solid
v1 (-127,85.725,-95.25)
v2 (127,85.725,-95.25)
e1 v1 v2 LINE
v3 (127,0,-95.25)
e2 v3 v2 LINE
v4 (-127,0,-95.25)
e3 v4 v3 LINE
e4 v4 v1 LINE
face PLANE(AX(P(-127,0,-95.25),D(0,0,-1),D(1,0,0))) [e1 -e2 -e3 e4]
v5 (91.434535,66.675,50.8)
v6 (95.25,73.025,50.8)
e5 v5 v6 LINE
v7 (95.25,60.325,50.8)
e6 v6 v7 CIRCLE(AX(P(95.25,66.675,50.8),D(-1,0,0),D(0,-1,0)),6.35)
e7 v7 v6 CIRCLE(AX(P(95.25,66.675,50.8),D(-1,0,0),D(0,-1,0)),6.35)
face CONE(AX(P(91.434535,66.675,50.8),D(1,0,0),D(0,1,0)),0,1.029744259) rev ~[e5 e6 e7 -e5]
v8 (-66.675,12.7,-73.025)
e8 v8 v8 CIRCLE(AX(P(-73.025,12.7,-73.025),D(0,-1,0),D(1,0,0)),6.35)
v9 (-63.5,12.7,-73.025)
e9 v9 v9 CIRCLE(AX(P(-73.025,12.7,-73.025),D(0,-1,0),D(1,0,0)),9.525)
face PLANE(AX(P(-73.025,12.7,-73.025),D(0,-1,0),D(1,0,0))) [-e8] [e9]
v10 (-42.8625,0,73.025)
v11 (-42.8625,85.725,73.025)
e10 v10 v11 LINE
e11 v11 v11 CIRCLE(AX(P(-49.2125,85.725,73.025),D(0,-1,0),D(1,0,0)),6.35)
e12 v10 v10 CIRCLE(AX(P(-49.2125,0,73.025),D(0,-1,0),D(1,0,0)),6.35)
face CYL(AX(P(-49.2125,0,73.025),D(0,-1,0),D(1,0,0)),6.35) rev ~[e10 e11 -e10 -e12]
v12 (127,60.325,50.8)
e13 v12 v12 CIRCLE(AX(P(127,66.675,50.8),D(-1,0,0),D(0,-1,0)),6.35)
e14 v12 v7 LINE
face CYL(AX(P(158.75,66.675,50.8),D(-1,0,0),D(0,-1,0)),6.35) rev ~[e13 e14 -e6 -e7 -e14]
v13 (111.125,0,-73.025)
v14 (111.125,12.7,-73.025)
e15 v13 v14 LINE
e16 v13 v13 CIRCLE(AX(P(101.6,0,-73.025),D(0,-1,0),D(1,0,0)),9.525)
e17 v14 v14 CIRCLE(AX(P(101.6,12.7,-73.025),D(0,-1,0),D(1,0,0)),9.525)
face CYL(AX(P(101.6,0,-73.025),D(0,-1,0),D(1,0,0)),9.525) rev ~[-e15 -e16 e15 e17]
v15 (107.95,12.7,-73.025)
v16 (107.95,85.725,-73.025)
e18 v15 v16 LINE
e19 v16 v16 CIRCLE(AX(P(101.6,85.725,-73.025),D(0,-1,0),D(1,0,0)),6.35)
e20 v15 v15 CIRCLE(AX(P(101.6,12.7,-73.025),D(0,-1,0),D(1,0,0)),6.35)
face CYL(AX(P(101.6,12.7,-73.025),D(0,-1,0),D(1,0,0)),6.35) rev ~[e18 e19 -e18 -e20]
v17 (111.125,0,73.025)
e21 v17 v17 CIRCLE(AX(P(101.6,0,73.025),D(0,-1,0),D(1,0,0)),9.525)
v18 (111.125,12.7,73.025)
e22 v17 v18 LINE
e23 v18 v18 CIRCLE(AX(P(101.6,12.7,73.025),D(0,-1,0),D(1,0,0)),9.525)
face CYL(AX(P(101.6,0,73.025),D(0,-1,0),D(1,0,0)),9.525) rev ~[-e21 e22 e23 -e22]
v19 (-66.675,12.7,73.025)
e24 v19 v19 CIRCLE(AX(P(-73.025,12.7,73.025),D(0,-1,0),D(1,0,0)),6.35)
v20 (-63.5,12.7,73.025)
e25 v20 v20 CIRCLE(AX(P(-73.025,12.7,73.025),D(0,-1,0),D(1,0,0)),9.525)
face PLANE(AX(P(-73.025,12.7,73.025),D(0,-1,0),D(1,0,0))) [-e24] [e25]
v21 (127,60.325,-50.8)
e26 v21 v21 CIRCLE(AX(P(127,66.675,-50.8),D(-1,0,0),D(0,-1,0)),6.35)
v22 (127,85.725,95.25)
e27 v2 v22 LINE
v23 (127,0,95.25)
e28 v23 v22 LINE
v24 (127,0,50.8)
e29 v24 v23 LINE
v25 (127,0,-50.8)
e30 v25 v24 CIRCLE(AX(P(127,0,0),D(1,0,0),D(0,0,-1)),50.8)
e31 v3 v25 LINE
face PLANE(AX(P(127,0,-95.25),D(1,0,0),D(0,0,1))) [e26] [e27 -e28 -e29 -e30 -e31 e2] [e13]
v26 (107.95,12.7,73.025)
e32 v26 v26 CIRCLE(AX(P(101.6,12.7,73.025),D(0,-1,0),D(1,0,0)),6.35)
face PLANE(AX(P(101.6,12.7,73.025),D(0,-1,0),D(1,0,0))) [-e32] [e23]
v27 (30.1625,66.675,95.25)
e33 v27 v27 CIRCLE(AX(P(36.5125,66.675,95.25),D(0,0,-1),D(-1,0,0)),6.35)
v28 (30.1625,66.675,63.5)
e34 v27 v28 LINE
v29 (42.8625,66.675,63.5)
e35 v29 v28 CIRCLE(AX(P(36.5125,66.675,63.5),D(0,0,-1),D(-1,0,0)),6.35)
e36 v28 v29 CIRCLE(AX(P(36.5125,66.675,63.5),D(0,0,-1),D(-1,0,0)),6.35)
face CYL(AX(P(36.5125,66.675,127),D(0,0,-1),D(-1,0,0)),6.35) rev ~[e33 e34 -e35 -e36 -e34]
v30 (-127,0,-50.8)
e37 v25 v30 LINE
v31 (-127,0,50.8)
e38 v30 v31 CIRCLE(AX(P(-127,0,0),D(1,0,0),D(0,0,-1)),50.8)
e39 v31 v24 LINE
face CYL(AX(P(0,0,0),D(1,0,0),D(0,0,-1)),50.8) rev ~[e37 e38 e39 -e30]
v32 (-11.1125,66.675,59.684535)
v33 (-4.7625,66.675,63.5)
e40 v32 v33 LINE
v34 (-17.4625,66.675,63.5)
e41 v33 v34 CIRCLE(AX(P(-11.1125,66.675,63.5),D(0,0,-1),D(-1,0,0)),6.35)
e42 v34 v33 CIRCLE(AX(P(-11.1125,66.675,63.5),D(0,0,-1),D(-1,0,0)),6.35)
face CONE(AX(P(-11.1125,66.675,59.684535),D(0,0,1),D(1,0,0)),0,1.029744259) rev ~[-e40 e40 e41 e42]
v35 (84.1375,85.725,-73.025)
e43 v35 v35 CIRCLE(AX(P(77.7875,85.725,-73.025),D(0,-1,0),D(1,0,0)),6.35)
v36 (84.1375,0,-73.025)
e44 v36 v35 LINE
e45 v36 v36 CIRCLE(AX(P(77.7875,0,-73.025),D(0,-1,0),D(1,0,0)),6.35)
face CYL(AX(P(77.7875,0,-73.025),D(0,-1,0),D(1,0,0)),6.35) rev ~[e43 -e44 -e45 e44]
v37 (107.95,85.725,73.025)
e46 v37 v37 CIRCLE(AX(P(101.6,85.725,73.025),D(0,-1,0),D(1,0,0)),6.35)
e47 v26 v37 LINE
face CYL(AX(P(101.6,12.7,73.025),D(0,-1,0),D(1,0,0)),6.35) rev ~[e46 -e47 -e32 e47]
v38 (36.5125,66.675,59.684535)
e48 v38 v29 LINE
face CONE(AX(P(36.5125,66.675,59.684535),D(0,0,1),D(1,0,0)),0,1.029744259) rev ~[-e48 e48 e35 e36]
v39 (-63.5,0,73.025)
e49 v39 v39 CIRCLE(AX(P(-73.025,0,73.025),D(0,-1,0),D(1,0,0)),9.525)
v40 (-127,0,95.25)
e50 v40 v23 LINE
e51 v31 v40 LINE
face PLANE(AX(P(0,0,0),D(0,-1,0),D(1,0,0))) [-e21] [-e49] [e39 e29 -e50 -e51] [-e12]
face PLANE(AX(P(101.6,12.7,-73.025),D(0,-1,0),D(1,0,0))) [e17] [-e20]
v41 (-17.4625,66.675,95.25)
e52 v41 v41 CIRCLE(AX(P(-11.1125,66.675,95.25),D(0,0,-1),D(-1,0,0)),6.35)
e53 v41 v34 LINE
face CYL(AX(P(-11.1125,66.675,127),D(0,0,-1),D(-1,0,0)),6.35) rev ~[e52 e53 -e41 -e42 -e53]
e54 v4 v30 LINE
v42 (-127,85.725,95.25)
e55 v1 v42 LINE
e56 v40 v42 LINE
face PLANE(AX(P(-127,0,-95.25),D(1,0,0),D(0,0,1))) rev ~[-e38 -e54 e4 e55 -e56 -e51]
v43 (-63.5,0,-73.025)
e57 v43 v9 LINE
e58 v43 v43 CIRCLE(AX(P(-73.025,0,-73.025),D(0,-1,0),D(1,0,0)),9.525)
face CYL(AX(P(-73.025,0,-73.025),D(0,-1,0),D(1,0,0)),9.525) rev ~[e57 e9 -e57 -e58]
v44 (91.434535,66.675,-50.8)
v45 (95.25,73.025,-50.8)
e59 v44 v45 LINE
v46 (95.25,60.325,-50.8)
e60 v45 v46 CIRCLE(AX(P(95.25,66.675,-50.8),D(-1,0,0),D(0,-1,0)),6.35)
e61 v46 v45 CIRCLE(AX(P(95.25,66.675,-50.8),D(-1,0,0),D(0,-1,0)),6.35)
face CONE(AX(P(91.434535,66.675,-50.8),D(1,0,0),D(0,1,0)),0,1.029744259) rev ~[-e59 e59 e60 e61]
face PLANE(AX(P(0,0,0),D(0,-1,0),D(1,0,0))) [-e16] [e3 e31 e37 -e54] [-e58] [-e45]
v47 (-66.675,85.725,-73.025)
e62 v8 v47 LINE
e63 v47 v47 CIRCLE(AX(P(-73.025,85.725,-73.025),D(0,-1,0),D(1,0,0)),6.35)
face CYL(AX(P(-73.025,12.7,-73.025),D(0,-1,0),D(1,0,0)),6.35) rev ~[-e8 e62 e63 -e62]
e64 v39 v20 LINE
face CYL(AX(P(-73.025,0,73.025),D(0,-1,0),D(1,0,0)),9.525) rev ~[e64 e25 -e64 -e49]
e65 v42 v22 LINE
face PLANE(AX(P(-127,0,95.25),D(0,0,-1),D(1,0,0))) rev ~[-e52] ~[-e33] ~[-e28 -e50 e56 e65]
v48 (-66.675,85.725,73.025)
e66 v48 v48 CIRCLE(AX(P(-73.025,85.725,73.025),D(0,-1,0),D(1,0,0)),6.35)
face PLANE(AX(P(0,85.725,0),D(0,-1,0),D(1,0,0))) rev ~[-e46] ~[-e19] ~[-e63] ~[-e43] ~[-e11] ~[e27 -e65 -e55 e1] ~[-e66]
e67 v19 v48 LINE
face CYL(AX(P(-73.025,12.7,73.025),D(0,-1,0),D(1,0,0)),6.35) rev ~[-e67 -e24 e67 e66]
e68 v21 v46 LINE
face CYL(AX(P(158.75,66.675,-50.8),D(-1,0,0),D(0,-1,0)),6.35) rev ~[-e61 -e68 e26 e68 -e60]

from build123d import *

# Parameters (mm, degrees)
F0_W      = 254
F0_H      = 190.5
F1_DEPTH  = 85.725
F3_DEPTH  = 127
F4_R      = 9.525
F5_DEPTH  = 12.7
F6_R      = 6.35
F7_DEPTH  = 85.725
F8_R      = 6.35
F9_R      = 6.35
F10_DEPTH = 82.55
F12_D     = 12.7
F12_DEPTH = 31.75
F12_TIP   = 3.8154649308
F14_D     = 12.7
F14_DEPTH = 31.75
F14_TIP   = 3.8154649308


with BuildPart() as f1:
    # F0 (on Front) → F1 (new body)
    with BuildSketch(Plane.XZ):
        Rectangle(F0_W, F0_H)
    extrude(amount=-F1_DEPTH)

    # F2 (on Right) → F3 (cut, symmetric)
    with BuildSketch(Plane.YZ):
        with BuildLine():
            Line((0, 0), (0, -50.8))
            ThreePointArc((0, -50.8), (50.8, 0), (0, 50.8))
            Line((0, 50.8), (0, 0))
        make_face()
    extrude(amount=F3_DEPTH, both=True, mode=Mode.SUBTRACT)

    # F4 (on face) → F5 (cut)
    with BuildSketch(Plane.XZ):
        with Locations((-73.025, 73.025)):
            Circle(F4_R)
        with Locations((-73.025, -73.025)):
            Circle(F4_R)
        with Locations((101.6, 73.025)):
            Circle(F4_R)
        with Locations((101.6, -73.025)):
            Circle(F4_R)
    extrude(amount=-F5_DEPTH, mode=Mode.SUBTRACT)

    # F6 (on face) → F7 (cut, through all)
    with BuildSketch(Plane.XZ):
        with Locations((-49.2125, 73.025)):
            Circle(F6_R)
        with Locations((77.7875, -73.025)):
            Circle(F6_R)
    extrude(amount=-F7_DEPTH, mode=Mode.SUBTRACT)

    # F8 (on face) + F9 (on face) → F10 (cut)
    with BuildSketch(Plane.XZ.offset(-12.7)):
        with Locations((-73.025, 73.025)):
            Circle(F8_R)
        with Locations((-73.025, -73.025)):
            Circle(F8_R)
    with BuildSketch(Plane.XZ.offset(-12.7)):
        with Locations((101.6, 73.025)):
            Circle(F9_R)
        with Locations((101.6, -73.025)):
            Circle(F9_R)
    extrude(amount=-F10_DEPTH, mode=Mode.SUBTRACT)

    # F12
    with Locations(Plane.XY.offset(95.25)):
        with Locations((-11.1125, 66.675), (36.5125, 66.675)):
            Hole(F12_D / 2, depth=F12_DEPTH)
            with Locations((0, 0, -(F12_DEPTH + F12_TIP / 2))):  # 118° drill point
                Cone(0, F12_D / 2, F12_TIP, mode=Mode.SUBTRACT)

    # F14
    with Locations(Plane.YZ.offset(127)):
        with Locations((66.675, 50.8), (66.675, -50.8)):
            Hole(F14_D / 2, depth=F14_DEPTH)
            with Locations((0, 0, -(F14_DEPTH + F14_TIP / 2))):  # 118° drill point
                Cone(0, F14_D / 2, F14_TIP, mode=Mode.SUBTRACT)


solid = f1.part
